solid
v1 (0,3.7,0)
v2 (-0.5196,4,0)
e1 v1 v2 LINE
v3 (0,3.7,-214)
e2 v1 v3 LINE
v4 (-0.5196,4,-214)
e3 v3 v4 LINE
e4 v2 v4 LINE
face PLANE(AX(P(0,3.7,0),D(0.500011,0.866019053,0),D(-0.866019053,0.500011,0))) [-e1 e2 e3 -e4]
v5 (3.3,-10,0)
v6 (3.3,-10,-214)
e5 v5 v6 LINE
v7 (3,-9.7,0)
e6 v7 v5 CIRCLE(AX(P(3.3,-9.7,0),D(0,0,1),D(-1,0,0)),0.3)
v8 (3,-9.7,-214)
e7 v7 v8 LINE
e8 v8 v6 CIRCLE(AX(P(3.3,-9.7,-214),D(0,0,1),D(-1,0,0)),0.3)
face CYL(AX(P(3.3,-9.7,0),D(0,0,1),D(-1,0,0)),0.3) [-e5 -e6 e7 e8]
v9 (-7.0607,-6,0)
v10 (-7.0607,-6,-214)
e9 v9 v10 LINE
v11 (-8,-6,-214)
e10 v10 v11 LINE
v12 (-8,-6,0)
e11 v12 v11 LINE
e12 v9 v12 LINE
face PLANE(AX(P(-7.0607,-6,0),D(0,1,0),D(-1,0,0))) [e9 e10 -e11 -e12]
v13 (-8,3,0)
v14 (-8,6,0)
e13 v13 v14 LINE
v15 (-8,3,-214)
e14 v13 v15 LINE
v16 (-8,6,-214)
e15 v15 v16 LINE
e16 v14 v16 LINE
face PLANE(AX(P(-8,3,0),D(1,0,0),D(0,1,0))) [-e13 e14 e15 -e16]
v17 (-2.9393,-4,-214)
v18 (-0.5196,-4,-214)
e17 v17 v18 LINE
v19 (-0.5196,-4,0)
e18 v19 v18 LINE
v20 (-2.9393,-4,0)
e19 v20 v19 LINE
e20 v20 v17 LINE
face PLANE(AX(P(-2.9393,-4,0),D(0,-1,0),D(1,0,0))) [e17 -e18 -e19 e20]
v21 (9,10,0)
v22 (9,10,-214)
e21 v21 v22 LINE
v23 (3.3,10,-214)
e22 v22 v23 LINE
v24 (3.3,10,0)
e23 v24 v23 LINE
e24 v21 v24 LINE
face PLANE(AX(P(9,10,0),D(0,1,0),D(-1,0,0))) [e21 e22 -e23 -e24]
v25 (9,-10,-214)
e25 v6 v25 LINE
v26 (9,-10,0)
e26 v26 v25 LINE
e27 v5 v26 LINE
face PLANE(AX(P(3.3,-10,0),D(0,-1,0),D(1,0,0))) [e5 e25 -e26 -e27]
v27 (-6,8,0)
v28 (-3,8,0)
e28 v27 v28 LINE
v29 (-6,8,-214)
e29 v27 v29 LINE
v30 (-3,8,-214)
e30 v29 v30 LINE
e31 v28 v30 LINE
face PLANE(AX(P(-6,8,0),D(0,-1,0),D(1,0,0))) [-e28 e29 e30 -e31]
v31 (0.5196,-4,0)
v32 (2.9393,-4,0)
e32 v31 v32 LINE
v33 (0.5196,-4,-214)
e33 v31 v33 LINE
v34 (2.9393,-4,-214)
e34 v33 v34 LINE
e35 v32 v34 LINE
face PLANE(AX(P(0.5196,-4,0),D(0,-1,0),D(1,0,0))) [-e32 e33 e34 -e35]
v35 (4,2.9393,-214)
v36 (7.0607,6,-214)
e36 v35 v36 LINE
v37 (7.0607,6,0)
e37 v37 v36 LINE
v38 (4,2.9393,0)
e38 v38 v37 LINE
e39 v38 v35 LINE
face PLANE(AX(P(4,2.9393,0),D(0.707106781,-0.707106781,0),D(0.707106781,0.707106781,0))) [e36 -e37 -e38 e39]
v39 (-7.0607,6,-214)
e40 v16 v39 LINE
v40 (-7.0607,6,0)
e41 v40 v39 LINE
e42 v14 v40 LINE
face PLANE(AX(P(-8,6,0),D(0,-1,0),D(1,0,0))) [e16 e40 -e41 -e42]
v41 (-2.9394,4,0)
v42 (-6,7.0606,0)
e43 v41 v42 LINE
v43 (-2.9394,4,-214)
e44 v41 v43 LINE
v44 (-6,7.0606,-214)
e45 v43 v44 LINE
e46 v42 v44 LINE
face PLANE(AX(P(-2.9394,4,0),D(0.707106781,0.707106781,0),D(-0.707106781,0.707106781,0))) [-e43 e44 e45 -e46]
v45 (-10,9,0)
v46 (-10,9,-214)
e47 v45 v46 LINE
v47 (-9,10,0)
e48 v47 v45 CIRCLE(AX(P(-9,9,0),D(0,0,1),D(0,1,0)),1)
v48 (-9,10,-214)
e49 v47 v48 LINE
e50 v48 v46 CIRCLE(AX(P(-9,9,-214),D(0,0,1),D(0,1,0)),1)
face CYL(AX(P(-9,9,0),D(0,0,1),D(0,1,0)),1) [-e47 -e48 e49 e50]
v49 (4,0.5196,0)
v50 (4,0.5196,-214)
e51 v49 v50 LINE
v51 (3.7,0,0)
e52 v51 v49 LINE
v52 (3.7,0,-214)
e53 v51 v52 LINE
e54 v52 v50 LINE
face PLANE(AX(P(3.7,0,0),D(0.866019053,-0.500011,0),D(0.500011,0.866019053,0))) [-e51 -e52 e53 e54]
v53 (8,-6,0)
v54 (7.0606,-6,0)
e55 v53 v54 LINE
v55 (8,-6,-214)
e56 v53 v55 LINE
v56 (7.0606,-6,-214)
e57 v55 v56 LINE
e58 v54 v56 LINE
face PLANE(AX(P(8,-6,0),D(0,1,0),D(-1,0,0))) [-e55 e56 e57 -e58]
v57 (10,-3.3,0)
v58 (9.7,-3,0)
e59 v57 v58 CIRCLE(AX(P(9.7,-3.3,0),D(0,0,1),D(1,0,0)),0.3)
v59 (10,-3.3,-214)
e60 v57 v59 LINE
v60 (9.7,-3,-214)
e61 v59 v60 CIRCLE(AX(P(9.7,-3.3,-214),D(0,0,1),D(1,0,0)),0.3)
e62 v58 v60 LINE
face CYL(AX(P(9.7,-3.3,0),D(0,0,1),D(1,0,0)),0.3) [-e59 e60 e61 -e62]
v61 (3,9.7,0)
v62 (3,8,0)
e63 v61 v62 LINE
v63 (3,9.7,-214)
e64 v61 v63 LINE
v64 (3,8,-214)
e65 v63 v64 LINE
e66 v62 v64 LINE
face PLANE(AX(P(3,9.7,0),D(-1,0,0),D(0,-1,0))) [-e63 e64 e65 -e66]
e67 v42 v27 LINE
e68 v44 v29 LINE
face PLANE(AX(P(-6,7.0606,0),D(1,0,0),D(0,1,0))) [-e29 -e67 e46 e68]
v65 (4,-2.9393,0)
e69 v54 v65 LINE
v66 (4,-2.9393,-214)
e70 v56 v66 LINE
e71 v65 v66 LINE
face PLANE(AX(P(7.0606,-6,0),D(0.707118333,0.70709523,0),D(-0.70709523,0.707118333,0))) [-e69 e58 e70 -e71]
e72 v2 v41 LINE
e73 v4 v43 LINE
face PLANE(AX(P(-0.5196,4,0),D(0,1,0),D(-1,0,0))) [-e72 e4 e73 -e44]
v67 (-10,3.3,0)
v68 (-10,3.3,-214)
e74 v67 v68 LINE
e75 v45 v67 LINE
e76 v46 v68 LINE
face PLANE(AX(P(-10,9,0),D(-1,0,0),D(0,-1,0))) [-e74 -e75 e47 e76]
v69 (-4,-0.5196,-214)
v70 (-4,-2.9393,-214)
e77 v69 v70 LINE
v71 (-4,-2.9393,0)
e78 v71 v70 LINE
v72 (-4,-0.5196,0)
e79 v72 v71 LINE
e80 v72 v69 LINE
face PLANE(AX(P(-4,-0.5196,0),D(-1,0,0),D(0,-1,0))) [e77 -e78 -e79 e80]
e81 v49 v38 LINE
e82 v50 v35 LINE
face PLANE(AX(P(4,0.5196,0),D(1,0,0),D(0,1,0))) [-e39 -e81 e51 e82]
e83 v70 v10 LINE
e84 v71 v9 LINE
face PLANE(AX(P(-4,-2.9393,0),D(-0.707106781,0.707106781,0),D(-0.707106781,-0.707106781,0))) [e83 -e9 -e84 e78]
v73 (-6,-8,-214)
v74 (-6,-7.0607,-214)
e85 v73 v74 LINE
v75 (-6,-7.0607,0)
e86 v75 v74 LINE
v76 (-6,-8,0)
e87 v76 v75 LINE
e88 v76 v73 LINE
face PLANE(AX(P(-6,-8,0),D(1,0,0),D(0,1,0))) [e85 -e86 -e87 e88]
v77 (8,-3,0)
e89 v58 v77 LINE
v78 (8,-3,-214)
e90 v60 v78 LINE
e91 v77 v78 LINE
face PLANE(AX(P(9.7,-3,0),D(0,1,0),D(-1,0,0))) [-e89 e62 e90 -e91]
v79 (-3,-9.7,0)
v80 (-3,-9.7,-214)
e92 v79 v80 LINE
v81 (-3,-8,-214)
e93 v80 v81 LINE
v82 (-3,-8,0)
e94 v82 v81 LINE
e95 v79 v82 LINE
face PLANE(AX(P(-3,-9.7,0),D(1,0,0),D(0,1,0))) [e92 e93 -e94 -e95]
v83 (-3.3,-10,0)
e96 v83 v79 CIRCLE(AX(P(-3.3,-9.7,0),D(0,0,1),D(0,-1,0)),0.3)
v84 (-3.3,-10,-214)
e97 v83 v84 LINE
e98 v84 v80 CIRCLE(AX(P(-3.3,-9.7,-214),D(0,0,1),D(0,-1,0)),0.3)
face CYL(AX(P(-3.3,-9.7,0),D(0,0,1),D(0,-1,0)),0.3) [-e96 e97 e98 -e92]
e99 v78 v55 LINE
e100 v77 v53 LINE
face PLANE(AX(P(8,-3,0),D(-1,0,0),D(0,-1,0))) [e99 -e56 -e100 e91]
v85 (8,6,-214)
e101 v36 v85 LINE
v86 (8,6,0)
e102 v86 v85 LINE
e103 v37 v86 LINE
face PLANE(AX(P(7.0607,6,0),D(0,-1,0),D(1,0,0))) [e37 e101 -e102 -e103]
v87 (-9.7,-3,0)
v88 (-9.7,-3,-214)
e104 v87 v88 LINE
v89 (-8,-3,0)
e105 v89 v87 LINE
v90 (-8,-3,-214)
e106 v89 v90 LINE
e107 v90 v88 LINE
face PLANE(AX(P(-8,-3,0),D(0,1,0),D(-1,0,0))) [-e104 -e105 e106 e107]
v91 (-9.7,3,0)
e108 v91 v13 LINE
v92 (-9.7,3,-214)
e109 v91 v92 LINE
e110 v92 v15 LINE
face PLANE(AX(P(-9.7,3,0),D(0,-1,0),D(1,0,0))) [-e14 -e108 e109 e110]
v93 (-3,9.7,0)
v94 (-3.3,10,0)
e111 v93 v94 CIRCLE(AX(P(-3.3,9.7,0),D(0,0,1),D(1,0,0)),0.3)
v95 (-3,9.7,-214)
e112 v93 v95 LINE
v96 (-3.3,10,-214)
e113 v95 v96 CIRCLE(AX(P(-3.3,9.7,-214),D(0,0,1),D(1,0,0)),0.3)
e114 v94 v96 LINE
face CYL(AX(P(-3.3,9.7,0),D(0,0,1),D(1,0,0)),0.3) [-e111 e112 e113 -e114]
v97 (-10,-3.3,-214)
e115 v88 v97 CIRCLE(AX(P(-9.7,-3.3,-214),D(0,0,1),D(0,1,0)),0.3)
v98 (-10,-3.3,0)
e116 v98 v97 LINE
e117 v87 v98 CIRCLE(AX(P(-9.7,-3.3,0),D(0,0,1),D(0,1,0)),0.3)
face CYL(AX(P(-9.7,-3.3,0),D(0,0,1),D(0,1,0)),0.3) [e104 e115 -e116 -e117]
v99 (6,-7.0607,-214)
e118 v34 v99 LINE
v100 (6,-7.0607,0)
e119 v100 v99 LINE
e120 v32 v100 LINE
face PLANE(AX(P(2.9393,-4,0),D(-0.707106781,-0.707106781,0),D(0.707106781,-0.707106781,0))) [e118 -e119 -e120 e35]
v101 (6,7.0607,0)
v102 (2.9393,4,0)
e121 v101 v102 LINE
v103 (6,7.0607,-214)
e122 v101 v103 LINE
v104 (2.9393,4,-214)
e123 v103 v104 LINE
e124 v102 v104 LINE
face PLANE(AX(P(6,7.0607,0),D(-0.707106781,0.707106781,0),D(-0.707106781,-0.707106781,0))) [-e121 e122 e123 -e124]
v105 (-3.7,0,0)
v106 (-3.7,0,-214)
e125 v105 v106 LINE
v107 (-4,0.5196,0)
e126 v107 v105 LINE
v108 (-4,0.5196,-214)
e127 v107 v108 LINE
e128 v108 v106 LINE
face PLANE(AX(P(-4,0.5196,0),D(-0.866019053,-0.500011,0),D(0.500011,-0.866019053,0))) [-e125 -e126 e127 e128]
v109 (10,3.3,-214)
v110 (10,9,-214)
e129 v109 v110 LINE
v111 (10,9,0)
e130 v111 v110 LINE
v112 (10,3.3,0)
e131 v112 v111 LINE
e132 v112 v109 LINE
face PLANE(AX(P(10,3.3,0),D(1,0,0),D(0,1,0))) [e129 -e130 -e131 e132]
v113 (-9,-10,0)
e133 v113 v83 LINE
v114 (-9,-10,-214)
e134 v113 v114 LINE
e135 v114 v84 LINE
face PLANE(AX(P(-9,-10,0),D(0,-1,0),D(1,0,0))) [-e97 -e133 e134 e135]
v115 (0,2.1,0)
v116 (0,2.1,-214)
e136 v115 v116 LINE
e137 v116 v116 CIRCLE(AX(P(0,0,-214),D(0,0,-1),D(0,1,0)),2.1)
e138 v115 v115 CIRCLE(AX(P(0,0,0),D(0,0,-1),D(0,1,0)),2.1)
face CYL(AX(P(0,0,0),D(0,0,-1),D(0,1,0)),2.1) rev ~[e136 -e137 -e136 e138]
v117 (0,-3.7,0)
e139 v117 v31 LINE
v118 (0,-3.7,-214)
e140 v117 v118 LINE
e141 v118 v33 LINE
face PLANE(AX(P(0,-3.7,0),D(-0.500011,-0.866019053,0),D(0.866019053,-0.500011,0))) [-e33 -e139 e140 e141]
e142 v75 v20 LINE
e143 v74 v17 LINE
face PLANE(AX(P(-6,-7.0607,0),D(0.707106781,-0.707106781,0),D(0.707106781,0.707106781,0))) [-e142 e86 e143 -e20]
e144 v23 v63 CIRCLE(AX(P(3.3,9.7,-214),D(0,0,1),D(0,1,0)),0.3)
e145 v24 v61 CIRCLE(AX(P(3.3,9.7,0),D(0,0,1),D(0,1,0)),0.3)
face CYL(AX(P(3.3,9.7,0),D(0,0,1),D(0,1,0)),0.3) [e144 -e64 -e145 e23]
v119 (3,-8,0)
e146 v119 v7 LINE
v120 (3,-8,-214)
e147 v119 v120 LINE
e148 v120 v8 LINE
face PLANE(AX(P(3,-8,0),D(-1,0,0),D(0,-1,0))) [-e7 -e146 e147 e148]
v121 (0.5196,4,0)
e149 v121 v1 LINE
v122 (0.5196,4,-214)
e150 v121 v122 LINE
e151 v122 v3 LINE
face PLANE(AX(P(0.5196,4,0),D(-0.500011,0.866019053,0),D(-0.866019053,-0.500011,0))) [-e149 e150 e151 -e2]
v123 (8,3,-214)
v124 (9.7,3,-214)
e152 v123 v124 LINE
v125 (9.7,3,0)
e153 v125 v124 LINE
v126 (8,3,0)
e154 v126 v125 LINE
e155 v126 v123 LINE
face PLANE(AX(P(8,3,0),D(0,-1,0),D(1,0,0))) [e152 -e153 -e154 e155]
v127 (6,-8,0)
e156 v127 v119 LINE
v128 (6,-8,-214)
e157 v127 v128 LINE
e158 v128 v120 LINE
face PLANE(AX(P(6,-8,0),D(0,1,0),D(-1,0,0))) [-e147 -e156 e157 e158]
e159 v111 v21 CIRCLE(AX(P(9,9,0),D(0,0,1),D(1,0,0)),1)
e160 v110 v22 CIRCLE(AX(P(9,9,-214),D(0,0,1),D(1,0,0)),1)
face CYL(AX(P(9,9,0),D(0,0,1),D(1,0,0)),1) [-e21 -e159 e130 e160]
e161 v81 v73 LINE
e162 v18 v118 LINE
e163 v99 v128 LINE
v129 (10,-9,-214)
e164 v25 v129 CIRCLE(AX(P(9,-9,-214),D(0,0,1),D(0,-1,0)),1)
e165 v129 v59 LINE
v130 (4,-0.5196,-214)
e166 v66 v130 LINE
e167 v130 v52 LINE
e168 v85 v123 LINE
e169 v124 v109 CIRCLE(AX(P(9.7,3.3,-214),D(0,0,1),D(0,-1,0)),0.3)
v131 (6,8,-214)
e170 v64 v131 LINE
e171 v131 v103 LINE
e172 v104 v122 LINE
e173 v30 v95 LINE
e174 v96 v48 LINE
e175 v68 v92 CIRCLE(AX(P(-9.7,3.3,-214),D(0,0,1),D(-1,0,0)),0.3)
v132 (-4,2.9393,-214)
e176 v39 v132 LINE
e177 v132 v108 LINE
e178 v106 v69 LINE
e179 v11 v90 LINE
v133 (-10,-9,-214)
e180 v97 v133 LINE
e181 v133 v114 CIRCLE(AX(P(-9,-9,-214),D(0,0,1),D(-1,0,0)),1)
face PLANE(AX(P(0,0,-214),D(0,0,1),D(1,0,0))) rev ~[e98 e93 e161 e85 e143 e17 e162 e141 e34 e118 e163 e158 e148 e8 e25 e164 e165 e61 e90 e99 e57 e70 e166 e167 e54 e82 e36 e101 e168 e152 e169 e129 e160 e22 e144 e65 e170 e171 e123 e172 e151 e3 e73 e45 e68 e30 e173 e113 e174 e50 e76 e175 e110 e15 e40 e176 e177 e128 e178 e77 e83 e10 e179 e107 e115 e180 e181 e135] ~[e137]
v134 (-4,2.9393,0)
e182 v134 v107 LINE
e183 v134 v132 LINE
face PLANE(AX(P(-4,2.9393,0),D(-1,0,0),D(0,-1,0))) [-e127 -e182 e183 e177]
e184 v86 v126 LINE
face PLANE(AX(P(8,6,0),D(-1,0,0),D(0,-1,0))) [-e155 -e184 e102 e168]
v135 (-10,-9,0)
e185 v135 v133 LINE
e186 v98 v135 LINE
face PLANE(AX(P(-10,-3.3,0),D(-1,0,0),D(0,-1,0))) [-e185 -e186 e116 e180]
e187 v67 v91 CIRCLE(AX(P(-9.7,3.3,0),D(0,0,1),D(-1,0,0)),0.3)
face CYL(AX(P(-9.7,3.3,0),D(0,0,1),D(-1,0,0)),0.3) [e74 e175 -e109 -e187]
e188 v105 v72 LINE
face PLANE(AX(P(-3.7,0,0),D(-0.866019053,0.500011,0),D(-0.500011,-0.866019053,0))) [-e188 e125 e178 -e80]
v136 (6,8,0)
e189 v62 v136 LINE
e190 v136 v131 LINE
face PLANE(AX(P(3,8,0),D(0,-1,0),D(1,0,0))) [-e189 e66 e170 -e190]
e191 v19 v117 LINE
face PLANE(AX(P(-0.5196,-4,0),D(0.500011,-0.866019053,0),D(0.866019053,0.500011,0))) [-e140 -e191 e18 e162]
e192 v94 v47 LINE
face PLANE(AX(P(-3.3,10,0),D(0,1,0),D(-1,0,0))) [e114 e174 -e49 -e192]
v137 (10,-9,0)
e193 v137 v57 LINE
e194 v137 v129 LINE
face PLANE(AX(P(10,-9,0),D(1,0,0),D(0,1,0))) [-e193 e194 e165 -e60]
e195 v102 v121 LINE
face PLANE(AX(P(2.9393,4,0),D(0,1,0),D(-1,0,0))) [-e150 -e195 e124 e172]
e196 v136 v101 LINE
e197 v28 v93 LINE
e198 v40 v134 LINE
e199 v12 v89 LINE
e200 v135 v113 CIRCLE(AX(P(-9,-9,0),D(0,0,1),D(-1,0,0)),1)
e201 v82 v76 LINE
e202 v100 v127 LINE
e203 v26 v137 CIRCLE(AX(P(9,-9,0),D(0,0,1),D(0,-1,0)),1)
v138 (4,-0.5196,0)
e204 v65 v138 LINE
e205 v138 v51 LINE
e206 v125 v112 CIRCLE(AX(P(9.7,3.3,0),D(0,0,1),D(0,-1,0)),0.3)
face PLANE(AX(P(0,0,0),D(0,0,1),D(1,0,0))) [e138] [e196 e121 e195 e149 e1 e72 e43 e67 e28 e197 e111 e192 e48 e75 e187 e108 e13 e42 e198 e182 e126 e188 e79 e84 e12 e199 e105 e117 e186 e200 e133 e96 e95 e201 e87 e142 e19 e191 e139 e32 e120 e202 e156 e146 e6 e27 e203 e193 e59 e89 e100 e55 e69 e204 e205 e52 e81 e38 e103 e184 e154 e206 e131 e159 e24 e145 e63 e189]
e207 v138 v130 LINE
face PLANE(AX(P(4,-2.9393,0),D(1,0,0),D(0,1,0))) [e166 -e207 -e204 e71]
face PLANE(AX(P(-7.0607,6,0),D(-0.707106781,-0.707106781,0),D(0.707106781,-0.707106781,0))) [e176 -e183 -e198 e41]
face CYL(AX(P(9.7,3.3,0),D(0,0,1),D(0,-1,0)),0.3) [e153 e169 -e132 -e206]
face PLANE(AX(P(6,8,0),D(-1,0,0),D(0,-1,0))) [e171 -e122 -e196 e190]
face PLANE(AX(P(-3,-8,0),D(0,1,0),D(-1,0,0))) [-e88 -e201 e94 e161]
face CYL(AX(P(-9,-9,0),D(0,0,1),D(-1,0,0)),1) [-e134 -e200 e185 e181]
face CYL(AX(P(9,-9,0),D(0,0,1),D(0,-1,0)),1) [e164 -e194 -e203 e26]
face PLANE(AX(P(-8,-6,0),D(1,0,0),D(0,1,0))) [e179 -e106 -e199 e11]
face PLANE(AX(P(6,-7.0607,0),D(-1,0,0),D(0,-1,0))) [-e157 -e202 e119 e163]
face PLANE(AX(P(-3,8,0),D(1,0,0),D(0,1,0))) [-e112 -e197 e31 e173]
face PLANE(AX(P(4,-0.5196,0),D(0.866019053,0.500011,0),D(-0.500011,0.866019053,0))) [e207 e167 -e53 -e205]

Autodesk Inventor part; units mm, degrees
sketch "Sketch_1" plane through (0, 0, 0) normal (0, 0, 1) x (1, 0, 0)
  line L0 (-10, 9) -> (-10, 3.3)
  arc A0 (-10, 3.3) -> (-9.7, 3) centre (-9.7, 3.3) ccw
  line L1 (-9.7, 3) -> (-8, 3)
  line L2 (-8, 3) -> (-8, 6)
  line L3 (-8, 6) -> (-7.0607, 6)
  line L4 (-7.0607, 6) -> (-4, 2.9393)
  line L5 (-4, 2.9393) -> (-4, 0.5196)
  line L6 (-4, 0.5196) -> (-3.7, 0)
  line L7 (-3.7, 0) -> (-4, -0.5196)
  line L8 (-4, -0.5196) -> (-4, -2.9393)
  line L9 (-4, -2.9393) -> (-7.0607, -6)
  line L10 (-7.0607, -6) -> (-8, -6)
  line L11 (-8, -6) -> (-8, -3)
  line L12 (-8, -3) -> (-9.7, -3)
  arc A1 (-9.7, -3) -> (-10, -3.3) centre (-9.7, -3.3) ccw
  line L13 (-10, -3.3) -> (-10, -9)
  arc A2 (-10, -9) -> (-9, -10) centre (-9, -9) ccw
  line L14 (-9, -10) -> (-3.3, -10)
  arc A3 (-3.3, -10) -> (-3, -9.7) centre (-3.3, -9.7) ccw
  line L15 (-3, -9.7) -> (-3, -8)
  line L16 (-3, -8) -> (-6, -8)
  line L17 (-6, -8) -> (-6, -7.0607)
  line L18 (-6, -7.0607) -> (-2.9393, -4)
  line L19 (-2.9393, -4) -> (-0.5196, -4)
  line L20 (-0.5196, -4) -> (0, -3.7)
  line L21 (0, -3.7) -> (0.5196, -4)
  line L22 (0.5196, -4) -> (2.9393, -4)
  line L23 (2.9393, -4) -> (6, -7.0607)
  line L24 (6, -7.0607) -> (6, -8)
  line L25 (6, -8) -> (3, -8)
  line L26 (3, -8) -> (3, -9.7)
  arc A4 (3, -9.7) -> (3.3, -10) centre (3.3, -9.7) ccw
  line L27 (3.3, -10) -> (9, -10)
  arc A5 (9, -10) -> (10, -9) centre (9, -9) ccw
  line L28 (10, -9) -> (10, -3.3)
  arc A6 (10, -3.3) -> (9.7, -3) centre (9.7, -3.3) ccw
  line L29 (9.7, -3) -> (8, -3)
  line L30 (8, -3) -> (8, -6)
  line L31 (8, -6) -> (7.0606, -6)
  line L32 (7.0606, -6) -> (4, -2.9393)
  line L33 (4, -2.9393) -> (4, -0.5196)
  line L34 (4, -0.5196) -> (3.7, 0)
  line L35 (3.7, 0) -> (4, 0.5196)
  line L36 (4, 0.5196) -> (4, 2.9393)
  line L37 (4, 2.9393) -> (7.0607, 6)
  line L38 (7.0607, 6) -> (8, 6)
  line L39 (8, 6) -> (8, 3)
  line L40 (8, 3) -> (9.7, 3)
  arc A7 (9.7, 3) -> (10, 3.3) centre (9.7, 3.3) ccw
  line L41 (10, 3.3) -> (10, 9)
  arc A8 (10, 9) -> (9, 10) centre (9, 9) ccw
  line L42 (9, 10) -> (3.3, 10)
  arc A9 (3.3, 10) -> (3, 9.7) centre (3.3, 9.7) ccw
  line L43 (3, 9.7) -> (3, 8)
  line L44 (3, 8) -> (6, 8)
  line L45 (6, 8) -> (6, 7.0607)
  line L46 (6, 7.0607) -> (2.9393, 4)
  line L47 (2.9393, 4) -> (0.5196, 4)
  line L48 (0.5196, 4) -> (0, 3.7)
  line L49 (0, 3.7) -> (-0.5196, 4)
  line L50 (-0.5196, 4) -> (-2.9394, 4)
  line L51 (-2.9394, 4) -> (-6, 7.0606)
  line L52 (-6, 7.0606) -> (-6, 8)
  line L53 (-6, 8) -> (-3, 8)
  line L54 (-3, 8) -> (-3, 9.7)
  arc A10 (-3, 9.7) -> (-3.3, 10) centre (-3.3, 9.7) ccw
  line L55 (-3.3, 10) -> (-9, 10)
  arc A11 (-9, 10) -> (-10, 9) centre (-9, 9) ccw
extrude "Extrusion1" add sketch "Sketch_1" against normal blind 214
sketch "Sketch_2" plane through (0, 0, 0) normal (1, 0, 0) x (0, 0, -1)
  line L0 (400, 0) -> (0, 0)
  line L1 (0, 0) -> (0, 2.1)
  line L2 (0, 2.1) -> (400, 2.1)
  line L3 (400, 2.1) -> (400, 0)
  line L4 (400, 0) -> (0, 0)
revolve "Revolution1" cut sketch "Sketch_2" angle 360 about axis through (0, 0, -400) along (0, 0, -1)
ref_plane "C1_XY" through (0, 0, 0) normal (0, 0, 1) x (1, 0, 0)
ref_plane "C1_YZ" through (0, 0, 0) normal (1, 0, 0) x (0, 1, 0)
ref_plane "C1_ZX" through (0, 0, 0) normal (0, 1, 0) x (0, 0, 1)
properties part number "2020 extrusion 250mm"
